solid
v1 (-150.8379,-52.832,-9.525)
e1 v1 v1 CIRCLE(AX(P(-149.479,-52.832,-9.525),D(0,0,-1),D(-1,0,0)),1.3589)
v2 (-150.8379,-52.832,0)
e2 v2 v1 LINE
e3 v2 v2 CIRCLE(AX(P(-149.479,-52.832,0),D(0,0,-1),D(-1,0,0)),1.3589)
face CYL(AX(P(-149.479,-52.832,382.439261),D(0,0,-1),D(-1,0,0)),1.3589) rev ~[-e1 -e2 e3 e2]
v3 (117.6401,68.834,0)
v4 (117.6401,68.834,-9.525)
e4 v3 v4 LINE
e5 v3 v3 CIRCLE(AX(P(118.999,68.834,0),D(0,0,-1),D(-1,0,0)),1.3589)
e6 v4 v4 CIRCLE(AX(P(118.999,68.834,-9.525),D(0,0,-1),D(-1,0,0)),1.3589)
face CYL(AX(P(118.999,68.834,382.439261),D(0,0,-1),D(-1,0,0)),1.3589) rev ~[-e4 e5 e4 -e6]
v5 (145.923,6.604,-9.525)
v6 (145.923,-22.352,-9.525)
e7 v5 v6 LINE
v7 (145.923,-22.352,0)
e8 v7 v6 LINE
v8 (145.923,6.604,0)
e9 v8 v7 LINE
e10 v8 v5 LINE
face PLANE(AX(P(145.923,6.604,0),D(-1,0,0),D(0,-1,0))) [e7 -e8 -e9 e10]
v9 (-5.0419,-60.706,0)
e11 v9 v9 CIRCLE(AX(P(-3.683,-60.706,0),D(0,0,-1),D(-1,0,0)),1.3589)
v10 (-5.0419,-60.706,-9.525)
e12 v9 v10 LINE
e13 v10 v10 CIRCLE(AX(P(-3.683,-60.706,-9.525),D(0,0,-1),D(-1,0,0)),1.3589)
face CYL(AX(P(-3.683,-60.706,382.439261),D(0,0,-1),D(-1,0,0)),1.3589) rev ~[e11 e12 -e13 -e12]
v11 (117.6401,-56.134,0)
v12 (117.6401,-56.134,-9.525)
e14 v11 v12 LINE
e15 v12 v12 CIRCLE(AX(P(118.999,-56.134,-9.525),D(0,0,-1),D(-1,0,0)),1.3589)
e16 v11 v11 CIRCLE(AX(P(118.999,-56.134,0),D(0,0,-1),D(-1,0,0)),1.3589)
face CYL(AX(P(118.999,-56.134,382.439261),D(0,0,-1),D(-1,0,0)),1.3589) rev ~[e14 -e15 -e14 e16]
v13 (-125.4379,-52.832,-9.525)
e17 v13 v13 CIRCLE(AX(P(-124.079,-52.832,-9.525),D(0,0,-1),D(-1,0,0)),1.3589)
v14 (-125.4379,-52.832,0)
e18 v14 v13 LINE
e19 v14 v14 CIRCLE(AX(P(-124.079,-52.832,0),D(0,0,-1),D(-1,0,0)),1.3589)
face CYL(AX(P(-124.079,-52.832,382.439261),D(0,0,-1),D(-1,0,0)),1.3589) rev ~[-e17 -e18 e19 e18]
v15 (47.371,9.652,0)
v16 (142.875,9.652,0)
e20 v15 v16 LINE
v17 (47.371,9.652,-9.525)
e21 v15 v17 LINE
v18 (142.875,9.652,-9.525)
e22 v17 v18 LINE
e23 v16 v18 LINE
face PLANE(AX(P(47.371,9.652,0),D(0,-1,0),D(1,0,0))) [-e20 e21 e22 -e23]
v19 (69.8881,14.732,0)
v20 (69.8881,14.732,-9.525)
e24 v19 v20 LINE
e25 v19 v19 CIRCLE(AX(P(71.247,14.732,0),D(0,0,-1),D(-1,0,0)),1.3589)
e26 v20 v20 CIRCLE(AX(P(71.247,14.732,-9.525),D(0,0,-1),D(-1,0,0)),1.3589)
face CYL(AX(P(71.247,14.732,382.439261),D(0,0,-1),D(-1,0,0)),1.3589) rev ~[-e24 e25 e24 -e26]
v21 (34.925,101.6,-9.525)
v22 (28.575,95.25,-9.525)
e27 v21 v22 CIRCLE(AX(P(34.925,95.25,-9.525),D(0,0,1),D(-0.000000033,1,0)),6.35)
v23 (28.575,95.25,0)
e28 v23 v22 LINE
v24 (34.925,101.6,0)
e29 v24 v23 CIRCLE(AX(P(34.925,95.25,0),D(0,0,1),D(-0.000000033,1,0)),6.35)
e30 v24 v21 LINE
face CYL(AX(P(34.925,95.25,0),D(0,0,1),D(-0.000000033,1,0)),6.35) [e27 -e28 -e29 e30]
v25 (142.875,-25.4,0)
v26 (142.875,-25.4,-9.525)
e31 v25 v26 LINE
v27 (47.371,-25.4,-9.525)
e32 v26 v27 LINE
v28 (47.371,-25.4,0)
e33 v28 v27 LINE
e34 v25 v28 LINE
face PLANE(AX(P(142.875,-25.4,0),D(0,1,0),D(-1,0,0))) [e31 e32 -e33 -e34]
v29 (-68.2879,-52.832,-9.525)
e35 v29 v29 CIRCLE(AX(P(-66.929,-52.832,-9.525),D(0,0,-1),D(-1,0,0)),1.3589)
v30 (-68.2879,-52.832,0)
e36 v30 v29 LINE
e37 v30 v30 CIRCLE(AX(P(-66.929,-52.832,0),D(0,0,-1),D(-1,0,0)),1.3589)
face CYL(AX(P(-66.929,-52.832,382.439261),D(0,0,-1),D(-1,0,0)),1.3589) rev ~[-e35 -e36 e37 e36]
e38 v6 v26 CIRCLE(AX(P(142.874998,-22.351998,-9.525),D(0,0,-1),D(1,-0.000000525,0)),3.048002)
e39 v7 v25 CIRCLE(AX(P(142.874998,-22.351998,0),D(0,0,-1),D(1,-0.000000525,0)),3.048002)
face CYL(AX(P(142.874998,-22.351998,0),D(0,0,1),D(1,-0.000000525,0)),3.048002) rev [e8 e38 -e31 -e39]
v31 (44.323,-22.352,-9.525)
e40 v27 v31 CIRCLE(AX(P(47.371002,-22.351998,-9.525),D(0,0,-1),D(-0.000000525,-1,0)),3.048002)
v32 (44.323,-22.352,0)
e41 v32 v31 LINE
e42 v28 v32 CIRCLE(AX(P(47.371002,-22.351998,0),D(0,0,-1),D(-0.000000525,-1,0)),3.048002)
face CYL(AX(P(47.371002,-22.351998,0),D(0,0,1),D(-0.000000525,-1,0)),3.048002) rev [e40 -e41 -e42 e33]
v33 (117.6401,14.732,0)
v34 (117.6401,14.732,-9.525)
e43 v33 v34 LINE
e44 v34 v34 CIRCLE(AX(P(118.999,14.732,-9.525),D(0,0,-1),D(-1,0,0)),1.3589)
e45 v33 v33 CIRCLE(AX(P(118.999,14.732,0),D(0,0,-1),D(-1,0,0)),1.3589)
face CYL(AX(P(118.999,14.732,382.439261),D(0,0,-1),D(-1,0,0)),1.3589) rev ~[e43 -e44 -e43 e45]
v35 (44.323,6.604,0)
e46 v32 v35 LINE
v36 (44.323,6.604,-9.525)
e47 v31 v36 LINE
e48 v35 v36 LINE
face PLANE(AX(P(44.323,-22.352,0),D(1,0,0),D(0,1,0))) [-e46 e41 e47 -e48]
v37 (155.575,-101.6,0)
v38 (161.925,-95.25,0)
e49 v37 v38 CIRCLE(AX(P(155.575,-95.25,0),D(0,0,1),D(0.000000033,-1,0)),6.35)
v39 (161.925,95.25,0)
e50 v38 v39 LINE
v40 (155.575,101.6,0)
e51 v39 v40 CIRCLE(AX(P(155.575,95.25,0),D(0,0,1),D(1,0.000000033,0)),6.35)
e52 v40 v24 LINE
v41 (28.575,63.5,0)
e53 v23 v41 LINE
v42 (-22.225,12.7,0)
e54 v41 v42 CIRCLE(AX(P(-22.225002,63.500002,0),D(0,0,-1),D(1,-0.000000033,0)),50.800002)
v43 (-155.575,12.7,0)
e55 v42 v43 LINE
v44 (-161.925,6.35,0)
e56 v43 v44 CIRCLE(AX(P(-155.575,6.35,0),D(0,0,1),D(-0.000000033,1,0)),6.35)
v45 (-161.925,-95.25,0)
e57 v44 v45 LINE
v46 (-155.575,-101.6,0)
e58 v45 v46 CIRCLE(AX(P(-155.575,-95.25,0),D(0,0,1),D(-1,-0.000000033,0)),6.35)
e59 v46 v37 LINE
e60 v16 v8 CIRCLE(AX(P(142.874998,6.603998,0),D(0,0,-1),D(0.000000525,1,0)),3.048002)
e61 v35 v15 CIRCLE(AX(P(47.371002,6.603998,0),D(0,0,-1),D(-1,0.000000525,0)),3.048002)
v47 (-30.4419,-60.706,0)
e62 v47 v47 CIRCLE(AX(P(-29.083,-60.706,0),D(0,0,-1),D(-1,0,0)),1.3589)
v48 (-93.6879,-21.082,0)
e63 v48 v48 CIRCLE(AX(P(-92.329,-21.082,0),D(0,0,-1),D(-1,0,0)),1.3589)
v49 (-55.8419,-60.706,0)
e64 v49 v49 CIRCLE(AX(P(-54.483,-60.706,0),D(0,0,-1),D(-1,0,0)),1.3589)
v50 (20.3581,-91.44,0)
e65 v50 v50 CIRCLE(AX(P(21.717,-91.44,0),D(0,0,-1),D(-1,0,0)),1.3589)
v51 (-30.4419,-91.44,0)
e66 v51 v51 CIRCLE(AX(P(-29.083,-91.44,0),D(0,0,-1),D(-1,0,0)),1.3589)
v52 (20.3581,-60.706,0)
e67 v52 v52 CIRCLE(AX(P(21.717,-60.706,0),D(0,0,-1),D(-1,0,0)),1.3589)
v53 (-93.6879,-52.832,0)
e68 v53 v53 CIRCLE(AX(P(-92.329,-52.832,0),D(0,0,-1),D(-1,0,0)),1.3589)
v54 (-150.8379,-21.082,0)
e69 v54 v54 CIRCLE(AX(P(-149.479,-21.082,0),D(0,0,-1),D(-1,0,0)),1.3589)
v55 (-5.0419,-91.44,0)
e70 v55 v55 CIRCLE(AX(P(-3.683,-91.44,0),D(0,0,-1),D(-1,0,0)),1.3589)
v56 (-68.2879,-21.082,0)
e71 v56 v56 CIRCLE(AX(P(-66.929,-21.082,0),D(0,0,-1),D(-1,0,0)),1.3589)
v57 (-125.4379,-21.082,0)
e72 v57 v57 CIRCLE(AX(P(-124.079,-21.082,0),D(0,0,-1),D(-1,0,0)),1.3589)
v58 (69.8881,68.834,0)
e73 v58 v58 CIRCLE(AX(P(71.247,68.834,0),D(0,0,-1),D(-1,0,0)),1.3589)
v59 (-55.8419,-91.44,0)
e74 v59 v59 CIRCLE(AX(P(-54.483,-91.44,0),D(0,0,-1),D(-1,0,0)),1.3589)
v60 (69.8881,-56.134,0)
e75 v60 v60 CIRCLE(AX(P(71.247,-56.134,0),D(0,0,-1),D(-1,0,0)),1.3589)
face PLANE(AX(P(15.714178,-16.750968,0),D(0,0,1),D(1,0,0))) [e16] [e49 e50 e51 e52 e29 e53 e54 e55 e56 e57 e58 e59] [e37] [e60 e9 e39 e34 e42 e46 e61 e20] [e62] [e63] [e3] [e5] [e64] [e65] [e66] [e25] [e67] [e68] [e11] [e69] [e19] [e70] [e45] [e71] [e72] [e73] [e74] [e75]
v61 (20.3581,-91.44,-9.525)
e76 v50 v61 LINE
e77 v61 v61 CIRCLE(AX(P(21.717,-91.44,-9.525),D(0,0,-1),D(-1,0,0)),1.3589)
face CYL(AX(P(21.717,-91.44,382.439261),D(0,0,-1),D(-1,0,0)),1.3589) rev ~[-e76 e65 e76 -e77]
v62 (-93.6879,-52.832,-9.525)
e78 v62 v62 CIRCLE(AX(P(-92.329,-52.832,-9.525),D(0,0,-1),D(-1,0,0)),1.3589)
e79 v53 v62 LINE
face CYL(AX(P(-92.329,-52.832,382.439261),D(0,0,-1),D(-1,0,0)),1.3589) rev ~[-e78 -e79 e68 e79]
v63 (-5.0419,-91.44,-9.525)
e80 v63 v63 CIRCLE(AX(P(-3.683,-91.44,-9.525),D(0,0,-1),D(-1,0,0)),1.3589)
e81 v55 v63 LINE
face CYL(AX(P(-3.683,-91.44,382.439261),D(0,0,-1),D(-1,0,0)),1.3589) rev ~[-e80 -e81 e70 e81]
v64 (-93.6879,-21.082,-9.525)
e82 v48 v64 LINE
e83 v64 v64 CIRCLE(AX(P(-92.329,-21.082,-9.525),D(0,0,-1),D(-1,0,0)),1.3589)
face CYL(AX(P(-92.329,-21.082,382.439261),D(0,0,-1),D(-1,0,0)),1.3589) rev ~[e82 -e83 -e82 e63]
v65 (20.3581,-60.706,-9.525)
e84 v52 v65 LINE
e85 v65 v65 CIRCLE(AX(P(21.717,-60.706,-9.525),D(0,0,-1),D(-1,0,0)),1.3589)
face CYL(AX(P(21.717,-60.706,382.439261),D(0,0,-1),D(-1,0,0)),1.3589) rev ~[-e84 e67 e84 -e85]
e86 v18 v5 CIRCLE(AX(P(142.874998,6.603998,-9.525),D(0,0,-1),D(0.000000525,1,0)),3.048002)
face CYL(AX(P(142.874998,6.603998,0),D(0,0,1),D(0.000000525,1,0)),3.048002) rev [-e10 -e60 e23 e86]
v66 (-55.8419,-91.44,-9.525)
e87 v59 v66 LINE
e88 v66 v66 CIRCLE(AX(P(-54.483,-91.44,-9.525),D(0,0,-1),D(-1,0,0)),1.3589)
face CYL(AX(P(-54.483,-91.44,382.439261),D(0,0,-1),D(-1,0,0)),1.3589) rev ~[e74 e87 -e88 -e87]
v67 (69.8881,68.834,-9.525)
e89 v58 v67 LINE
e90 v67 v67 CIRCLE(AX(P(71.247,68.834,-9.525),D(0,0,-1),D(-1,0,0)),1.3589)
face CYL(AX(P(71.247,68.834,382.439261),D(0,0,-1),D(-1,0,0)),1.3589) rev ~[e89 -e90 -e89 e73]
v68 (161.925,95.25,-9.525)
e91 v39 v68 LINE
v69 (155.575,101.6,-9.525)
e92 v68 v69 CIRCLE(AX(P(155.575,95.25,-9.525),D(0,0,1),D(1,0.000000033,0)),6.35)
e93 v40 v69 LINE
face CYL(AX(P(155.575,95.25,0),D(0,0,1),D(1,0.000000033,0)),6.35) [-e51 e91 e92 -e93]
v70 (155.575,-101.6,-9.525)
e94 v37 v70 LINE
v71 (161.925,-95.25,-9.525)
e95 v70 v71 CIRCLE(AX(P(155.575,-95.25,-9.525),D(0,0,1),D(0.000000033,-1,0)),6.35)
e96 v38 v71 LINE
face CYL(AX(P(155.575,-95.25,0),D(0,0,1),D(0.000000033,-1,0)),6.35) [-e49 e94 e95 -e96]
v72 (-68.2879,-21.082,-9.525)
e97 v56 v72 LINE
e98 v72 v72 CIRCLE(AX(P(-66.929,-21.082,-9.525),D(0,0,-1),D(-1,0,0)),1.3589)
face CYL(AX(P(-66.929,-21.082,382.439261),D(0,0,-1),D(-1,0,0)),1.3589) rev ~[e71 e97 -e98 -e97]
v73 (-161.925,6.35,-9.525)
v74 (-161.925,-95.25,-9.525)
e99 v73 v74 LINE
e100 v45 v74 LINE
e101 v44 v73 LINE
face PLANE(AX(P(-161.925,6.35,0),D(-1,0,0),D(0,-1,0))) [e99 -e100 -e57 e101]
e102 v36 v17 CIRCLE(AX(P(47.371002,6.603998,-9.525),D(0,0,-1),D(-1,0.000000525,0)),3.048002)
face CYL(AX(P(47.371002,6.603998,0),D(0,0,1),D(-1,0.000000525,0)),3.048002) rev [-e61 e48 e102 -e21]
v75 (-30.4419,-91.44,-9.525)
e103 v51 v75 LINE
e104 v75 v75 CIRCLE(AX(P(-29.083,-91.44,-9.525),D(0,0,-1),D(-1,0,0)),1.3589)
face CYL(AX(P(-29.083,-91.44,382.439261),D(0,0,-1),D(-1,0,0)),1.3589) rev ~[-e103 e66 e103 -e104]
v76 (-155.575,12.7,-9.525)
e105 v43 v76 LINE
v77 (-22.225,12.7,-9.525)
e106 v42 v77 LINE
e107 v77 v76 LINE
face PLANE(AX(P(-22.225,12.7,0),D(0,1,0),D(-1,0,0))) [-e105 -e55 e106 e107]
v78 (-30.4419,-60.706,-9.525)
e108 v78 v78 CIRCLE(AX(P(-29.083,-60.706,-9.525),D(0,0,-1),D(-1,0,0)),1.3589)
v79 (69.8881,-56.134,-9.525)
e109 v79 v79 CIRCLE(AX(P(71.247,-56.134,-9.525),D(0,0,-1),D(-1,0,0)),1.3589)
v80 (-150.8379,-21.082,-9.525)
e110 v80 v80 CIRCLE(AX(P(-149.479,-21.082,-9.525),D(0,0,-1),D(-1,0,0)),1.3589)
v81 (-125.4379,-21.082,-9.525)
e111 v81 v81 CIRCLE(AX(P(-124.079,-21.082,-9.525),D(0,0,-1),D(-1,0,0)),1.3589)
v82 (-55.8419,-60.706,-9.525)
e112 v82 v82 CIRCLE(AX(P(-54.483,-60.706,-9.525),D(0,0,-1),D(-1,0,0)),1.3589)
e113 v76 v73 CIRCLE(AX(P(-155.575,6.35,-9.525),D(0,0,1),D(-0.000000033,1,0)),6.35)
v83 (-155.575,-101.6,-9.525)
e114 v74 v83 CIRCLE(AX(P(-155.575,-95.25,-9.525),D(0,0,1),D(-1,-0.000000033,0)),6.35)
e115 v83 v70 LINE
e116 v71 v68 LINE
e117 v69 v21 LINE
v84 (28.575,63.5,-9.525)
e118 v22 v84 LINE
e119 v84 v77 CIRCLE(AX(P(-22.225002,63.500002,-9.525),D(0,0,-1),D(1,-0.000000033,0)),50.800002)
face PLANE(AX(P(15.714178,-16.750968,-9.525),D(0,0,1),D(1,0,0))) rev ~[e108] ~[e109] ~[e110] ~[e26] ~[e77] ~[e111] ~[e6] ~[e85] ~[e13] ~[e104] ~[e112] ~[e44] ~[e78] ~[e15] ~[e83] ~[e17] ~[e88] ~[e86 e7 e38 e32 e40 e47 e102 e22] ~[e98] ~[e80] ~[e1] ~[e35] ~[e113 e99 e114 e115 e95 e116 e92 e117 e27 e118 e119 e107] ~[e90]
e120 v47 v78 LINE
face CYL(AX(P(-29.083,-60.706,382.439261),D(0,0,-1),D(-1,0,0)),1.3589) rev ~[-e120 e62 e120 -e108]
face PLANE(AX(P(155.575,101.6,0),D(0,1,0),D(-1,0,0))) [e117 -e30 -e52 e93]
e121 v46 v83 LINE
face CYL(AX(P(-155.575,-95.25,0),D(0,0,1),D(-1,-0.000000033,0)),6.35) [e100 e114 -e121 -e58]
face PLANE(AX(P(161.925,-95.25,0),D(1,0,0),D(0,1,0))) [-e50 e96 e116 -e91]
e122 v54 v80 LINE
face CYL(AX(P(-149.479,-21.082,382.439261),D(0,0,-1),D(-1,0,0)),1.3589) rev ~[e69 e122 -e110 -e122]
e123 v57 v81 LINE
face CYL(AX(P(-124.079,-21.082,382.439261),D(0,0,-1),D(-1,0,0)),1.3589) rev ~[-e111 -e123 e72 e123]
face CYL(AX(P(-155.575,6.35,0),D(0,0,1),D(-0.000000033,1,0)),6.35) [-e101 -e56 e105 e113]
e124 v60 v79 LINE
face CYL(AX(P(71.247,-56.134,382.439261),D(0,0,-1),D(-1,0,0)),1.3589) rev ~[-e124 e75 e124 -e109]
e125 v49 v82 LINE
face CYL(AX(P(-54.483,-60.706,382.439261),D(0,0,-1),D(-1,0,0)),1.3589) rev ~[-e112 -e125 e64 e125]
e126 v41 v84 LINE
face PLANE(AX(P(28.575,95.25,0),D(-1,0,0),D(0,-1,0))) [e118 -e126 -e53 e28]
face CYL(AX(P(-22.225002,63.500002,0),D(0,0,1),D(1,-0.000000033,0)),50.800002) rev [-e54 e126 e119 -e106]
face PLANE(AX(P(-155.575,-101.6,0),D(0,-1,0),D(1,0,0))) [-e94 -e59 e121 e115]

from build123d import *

# Parameters (mm, degrees)
F1_DEPTH = 9.525
F3_D     = 2.7178


with BuildPart() as f1:
    # F0 (on Top) → F1 (new body)
    with BuildSketch(Plane.XY):
        with BuildLine():
            Line((161.925, -95.25), (161.925, 95.25))
            ThreePointArc((161.925, 95.25), (160.065128, 99.740128), (155.575, 101.6))
            Line((155.575, 101.6), (34.925, 101.6))
            ThreePointArc((34.925, 101.6), (30.434872, 99.740128), (28.575, 95.25))
            Line((28.575, 95.25), (28.575, 63.5))
            ThreePointArc((28.575, 63.5), (13.696024, 27.578976), (-22.225, 12.7))
            Line((-22.225, 12.7), (-155.575, 12.7))
            ThreePointArc((-155.575, 12.7), (-160.065128, 10.840128), (-161.925, 6.35))
            Line((-161.925, 6.35), (-161.925, -95.25))
            ThreePointArc((-161.925, -95.25), (-160.065128, -99.740128), (-155.575, -101.6))
            Line((-155.575, -101.6), (155.575, -101.6))
            ThreePointArc((155.575, -101.6), (160.065128, -99.740128), (161.925, -95.25))
        make_face()
        with BuildLine():
            Line((47.371, 9.652), (142.875, 9.652))
            ThreePointArc((142.875, 9.652), (145.030261, 8.759261), (145.923, 6.604))
            Line((145.923, 6.604), (145.923, -22.352))
            ThreePointArc((145.923, -22.352), (145.030261, -24.507261), (142.875, -25.4))
            Line((142.875, -25.4), (47.371, -25.4))
            ThreePointArc((47.371, -25.4), (45.215739, -24.507261), (44.323, -22.352))
            Line((44.323, -22.352), (44.323, 6.604))
            ThreePointArc((44.323, 6.604), (45.215739, 8.759261), (47.371, 9.652))
        make_face(mode=Mode.SUBTRACT)
    extrude(amount=-F1_DEPTH)

    # F3 (through all)
    with Locations(Plane.XY):
        with Locations((118.999, -56.134), (118.999, 14.732), (118.999, 68.834), (71.247, 68.834), (71.247, 14.732), (71.247, -56.134), (21.717, -60.706), (21.717, -91.44), (-3.683, -60.706), (-3.683, -91.44), (-29.083, -60.706), (-29.083, -91.44), (-54.483, -91.44), (-54.483, -60.706), (-66.929, -52.832), (-66.929, -21.082), (-92.329, -52.832), (-92.329, -21.082), (-124.079, -52.832), (-124.079, -21.082), (-149.479, -52.832), (-149.479, -21.082)):
            Hole(F3_D / 2)


solid = f1.part
